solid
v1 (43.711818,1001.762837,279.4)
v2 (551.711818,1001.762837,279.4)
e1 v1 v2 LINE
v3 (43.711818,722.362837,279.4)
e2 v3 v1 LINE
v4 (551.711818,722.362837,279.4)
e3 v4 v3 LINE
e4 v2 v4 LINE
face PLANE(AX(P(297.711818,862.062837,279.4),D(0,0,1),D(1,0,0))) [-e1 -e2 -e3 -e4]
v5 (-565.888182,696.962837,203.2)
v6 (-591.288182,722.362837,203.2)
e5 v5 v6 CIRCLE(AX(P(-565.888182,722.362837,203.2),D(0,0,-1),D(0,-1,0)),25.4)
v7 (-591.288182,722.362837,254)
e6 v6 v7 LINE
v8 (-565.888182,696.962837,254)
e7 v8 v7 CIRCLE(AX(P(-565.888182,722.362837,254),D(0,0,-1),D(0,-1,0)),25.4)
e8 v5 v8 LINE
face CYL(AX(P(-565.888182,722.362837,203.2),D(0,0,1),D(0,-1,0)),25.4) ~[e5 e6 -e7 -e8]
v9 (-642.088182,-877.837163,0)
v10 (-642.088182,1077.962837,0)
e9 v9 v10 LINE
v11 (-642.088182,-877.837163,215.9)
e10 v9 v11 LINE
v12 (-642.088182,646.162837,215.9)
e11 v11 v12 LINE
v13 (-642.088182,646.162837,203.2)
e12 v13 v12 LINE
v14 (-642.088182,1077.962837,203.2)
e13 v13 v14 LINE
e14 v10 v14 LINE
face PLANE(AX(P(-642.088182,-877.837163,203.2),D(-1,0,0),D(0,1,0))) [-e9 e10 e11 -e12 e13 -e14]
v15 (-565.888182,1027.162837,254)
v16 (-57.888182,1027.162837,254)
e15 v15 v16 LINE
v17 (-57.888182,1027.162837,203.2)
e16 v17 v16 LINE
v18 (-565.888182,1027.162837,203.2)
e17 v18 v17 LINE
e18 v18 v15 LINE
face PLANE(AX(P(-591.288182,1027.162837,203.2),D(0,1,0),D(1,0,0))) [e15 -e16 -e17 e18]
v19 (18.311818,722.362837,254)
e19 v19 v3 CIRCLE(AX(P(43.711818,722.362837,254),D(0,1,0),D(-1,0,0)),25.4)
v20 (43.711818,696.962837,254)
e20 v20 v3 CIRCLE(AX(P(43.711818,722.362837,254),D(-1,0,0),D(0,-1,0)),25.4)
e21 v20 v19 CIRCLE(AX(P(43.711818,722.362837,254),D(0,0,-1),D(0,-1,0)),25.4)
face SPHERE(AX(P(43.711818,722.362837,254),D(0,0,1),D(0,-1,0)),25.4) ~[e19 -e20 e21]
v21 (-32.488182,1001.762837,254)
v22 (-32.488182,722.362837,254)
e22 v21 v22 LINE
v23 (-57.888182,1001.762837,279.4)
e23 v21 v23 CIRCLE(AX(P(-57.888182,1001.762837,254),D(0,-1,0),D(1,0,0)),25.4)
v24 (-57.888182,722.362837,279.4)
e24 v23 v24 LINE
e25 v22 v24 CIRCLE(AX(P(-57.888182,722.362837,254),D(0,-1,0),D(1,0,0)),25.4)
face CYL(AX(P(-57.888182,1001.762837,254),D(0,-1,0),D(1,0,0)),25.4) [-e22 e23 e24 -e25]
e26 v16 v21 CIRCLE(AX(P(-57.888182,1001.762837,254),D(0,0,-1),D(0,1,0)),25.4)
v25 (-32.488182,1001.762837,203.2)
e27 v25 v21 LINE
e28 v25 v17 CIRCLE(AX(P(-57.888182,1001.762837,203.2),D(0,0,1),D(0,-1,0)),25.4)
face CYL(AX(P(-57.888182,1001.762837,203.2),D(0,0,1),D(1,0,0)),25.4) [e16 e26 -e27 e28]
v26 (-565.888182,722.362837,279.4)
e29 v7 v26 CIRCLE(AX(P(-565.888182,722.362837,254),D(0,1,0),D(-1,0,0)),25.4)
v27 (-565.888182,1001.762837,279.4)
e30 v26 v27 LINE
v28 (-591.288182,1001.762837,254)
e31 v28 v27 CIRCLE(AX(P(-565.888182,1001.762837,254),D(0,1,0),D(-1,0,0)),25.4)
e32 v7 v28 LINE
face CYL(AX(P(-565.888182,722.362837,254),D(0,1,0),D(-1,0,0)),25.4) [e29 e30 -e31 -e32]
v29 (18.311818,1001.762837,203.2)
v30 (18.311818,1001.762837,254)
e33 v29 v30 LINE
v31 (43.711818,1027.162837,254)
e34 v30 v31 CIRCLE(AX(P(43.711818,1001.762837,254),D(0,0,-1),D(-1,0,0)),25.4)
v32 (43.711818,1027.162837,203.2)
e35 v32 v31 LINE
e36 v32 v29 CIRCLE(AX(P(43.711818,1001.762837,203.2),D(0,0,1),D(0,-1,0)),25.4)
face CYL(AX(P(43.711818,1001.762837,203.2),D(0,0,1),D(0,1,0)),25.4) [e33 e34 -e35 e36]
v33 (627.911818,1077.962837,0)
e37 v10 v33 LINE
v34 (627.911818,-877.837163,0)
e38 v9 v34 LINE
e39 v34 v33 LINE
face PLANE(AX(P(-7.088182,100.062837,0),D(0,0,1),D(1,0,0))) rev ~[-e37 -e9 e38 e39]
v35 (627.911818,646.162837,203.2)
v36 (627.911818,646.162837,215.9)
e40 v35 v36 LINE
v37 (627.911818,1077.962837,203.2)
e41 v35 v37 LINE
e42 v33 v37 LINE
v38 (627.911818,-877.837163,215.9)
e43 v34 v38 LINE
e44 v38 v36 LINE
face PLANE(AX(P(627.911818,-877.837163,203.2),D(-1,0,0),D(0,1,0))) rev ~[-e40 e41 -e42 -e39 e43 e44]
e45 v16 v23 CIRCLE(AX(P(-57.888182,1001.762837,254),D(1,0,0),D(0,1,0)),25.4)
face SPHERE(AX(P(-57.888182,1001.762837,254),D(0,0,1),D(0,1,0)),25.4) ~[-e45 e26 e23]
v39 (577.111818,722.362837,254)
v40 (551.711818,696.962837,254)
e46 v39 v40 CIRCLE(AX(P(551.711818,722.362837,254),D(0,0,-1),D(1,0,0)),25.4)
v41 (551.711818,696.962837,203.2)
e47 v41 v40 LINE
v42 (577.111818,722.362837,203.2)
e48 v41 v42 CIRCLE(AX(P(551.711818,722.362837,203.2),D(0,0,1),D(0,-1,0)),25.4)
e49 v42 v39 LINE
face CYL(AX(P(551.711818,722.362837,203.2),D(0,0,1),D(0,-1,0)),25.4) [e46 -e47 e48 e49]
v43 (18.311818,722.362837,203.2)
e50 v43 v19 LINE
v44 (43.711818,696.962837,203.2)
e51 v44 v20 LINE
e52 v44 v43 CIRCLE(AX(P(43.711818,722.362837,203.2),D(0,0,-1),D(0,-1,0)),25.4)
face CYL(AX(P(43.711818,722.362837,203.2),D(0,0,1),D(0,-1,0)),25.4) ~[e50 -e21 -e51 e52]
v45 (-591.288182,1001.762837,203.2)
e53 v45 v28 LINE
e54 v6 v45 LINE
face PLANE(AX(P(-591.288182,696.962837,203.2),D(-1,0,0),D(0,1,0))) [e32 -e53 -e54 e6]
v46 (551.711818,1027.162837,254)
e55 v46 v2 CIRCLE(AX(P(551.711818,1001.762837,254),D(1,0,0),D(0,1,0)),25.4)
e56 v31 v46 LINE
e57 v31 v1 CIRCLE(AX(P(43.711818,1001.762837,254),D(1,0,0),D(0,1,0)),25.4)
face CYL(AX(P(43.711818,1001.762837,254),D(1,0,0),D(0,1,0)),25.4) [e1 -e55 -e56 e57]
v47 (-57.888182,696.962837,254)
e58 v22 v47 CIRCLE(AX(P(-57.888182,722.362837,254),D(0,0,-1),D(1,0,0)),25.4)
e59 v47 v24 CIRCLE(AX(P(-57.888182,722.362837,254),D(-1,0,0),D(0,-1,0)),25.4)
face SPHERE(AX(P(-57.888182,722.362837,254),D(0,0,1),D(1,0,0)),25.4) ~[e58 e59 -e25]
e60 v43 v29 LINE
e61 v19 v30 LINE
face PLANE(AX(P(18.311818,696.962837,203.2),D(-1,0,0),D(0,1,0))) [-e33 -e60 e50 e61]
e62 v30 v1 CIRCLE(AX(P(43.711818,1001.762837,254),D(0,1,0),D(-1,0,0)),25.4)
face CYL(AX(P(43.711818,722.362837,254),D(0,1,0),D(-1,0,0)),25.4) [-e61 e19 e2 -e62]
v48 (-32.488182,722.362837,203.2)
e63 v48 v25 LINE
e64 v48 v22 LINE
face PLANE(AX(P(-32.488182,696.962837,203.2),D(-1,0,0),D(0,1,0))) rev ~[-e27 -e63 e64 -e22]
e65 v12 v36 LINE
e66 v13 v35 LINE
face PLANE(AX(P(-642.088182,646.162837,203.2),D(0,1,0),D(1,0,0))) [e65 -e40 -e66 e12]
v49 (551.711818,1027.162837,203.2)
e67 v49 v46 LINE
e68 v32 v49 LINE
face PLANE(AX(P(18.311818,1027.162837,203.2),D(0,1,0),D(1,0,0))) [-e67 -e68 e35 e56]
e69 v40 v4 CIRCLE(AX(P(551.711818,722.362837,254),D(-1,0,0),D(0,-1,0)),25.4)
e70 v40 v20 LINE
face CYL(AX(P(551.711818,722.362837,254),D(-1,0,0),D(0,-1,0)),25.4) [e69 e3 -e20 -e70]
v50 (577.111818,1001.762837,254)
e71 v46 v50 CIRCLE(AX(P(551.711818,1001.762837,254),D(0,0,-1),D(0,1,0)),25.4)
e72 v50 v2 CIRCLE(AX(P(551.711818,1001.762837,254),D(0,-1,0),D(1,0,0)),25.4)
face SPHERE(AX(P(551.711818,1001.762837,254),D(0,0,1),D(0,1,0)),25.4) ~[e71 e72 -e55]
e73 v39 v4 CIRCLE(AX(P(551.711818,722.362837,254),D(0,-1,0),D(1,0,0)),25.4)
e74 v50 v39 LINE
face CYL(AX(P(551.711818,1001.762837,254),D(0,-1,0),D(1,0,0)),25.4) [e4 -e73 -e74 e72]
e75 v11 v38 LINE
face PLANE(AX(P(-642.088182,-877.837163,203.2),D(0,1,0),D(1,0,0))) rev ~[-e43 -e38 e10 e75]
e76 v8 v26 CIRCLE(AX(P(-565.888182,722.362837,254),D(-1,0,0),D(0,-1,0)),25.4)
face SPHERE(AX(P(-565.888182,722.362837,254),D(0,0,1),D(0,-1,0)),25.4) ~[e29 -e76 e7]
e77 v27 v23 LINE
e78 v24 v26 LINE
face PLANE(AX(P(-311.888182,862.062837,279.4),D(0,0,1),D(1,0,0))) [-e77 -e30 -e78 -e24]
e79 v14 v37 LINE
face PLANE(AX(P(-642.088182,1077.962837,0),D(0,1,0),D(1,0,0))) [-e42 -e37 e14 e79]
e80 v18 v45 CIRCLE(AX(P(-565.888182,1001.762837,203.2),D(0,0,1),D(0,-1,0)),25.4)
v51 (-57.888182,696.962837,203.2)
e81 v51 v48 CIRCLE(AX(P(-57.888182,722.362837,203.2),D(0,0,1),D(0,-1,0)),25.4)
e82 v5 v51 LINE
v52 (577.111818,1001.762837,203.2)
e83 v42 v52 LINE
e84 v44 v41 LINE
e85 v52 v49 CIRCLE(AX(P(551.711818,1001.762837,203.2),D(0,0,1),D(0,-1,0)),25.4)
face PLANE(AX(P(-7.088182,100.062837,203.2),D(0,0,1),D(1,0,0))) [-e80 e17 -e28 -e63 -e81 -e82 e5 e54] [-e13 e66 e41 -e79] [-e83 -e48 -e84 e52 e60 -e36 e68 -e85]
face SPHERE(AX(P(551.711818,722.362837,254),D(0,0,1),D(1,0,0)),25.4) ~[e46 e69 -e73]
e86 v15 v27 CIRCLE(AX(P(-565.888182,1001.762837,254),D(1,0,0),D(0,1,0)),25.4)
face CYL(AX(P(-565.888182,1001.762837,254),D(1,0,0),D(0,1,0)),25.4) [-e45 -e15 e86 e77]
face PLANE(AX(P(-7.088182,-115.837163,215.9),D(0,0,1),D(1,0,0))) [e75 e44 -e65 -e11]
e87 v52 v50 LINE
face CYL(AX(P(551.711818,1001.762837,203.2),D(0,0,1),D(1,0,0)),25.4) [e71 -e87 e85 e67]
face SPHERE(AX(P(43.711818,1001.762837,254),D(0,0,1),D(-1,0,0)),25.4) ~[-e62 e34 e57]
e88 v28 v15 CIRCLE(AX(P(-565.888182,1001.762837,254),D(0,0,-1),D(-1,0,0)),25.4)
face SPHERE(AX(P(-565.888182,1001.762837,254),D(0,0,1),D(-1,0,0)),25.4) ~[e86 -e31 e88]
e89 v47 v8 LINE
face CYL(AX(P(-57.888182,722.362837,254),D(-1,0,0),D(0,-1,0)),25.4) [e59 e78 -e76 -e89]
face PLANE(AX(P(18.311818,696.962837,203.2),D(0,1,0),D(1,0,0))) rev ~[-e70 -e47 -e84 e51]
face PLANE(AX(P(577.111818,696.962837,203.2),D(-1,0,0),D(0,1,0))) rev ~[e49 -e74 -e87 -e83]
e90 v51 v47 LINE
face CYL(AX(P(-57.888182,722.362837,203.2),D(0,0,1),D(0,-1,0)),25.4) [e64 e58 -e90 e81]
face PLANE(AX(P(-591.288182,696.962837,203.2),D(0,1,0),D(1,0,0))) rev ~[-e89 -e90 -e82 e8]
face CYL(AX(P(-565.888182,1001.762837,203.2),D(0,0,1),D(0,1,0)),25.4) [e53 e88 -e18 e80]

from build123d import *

# Parameters (mm, degrees)
F0_W     = 1270
F0_H     = 1955.8
F1_DEPTH = 203.2
F2_W     = 1270
F2_H     = 1524
F3_DEPTH = 12.7
F4_W     = 558.8
F4_H     = 330.2
F5_DEPTH = 76.2
F6_R     = 25.4
F7_R     = 25.4


with BuildPart() as f1:
    # F0 (on Top) → F1 (new body)
    with BuildSketch(Plane.XY):
        with Locations((-7.088182494, 100.0628365508)):
            Rectangle(F0_W, F0_H)
    extrude(amount=F1_DEPTH)

    # F2 (on face) → F3 (join)
    with BuildSketch(Plane.XY.offset(203.2)):
        with Locations((-7.088182494, -115.8371634492)):
            Rectangle(F2_W, F2_H)
    extrude(amount=F3_DEPTH)

    # F4 (on face) → F5 (join)
    with BuildSketch(Plane.XY.offset(203.2)):
        with Locations((-311.888182494, 862.0628365508)):
            Rectangle(F4_W, F4_H)
        with Locations((297.711817506, 862.0628365508)):
            Rectangle(F4_W, F4_H)
    extrude(amount=F5_DEPTH)

    # F6
    f6_edges = [f1.edges().sort_by_distance(p)[0] for p in [
        (-32.488182, 1027.162837, 241.3),
        (-32.488182, 696.962837, 241.3),
        (18.311818, 696.962837, 241.3),
        (18.311818, 1027.162837, 241.3),
        (577.111818, 696.962837, 241.3),
        (577.111818, 1027.162837, 241.3),
        (-591.288182, 1027.162837, 241.3),
        (-591.288182, 696.962837, 241.3),
    ]]
    fillet(f6_edges, radius=F6_R)

    # F7
    f7_edges = [f1.edges().sort_by_distance(p)[0] for p in [
        (-311.888182, 1027.162837, 279.4),
        (-32.488182, 862.062837, 279.4),
        (-39.92767, 1019.723349, 279.4),
        (-39.92767, 704.402324, 279.4),
        (-311.888182, 696.962837, 279.4),
        (-583.848695, 704.402324, 279.4),
        (-591.288182, 862.062837, 279.4),
        (-583.848695, 1019.723349, 279.4),
        (18.311818, 862.062837, 279.4),
        (25.751305, 1019.723349, 279.4),
        (297.711818, 1027.162837, 279.4),
        (569.67233, 1019.723349, 279.4),
        (577.111818, 862.062837, 279.4),
        (569.67233, 704.402324, 279.4),
        (297.711818, 696.962837, 279.4),
        (25.751305, 704.402324, 279.4),
    ]]
    fillet(f7_edges, radius=F7_R)


solid = f1.part
